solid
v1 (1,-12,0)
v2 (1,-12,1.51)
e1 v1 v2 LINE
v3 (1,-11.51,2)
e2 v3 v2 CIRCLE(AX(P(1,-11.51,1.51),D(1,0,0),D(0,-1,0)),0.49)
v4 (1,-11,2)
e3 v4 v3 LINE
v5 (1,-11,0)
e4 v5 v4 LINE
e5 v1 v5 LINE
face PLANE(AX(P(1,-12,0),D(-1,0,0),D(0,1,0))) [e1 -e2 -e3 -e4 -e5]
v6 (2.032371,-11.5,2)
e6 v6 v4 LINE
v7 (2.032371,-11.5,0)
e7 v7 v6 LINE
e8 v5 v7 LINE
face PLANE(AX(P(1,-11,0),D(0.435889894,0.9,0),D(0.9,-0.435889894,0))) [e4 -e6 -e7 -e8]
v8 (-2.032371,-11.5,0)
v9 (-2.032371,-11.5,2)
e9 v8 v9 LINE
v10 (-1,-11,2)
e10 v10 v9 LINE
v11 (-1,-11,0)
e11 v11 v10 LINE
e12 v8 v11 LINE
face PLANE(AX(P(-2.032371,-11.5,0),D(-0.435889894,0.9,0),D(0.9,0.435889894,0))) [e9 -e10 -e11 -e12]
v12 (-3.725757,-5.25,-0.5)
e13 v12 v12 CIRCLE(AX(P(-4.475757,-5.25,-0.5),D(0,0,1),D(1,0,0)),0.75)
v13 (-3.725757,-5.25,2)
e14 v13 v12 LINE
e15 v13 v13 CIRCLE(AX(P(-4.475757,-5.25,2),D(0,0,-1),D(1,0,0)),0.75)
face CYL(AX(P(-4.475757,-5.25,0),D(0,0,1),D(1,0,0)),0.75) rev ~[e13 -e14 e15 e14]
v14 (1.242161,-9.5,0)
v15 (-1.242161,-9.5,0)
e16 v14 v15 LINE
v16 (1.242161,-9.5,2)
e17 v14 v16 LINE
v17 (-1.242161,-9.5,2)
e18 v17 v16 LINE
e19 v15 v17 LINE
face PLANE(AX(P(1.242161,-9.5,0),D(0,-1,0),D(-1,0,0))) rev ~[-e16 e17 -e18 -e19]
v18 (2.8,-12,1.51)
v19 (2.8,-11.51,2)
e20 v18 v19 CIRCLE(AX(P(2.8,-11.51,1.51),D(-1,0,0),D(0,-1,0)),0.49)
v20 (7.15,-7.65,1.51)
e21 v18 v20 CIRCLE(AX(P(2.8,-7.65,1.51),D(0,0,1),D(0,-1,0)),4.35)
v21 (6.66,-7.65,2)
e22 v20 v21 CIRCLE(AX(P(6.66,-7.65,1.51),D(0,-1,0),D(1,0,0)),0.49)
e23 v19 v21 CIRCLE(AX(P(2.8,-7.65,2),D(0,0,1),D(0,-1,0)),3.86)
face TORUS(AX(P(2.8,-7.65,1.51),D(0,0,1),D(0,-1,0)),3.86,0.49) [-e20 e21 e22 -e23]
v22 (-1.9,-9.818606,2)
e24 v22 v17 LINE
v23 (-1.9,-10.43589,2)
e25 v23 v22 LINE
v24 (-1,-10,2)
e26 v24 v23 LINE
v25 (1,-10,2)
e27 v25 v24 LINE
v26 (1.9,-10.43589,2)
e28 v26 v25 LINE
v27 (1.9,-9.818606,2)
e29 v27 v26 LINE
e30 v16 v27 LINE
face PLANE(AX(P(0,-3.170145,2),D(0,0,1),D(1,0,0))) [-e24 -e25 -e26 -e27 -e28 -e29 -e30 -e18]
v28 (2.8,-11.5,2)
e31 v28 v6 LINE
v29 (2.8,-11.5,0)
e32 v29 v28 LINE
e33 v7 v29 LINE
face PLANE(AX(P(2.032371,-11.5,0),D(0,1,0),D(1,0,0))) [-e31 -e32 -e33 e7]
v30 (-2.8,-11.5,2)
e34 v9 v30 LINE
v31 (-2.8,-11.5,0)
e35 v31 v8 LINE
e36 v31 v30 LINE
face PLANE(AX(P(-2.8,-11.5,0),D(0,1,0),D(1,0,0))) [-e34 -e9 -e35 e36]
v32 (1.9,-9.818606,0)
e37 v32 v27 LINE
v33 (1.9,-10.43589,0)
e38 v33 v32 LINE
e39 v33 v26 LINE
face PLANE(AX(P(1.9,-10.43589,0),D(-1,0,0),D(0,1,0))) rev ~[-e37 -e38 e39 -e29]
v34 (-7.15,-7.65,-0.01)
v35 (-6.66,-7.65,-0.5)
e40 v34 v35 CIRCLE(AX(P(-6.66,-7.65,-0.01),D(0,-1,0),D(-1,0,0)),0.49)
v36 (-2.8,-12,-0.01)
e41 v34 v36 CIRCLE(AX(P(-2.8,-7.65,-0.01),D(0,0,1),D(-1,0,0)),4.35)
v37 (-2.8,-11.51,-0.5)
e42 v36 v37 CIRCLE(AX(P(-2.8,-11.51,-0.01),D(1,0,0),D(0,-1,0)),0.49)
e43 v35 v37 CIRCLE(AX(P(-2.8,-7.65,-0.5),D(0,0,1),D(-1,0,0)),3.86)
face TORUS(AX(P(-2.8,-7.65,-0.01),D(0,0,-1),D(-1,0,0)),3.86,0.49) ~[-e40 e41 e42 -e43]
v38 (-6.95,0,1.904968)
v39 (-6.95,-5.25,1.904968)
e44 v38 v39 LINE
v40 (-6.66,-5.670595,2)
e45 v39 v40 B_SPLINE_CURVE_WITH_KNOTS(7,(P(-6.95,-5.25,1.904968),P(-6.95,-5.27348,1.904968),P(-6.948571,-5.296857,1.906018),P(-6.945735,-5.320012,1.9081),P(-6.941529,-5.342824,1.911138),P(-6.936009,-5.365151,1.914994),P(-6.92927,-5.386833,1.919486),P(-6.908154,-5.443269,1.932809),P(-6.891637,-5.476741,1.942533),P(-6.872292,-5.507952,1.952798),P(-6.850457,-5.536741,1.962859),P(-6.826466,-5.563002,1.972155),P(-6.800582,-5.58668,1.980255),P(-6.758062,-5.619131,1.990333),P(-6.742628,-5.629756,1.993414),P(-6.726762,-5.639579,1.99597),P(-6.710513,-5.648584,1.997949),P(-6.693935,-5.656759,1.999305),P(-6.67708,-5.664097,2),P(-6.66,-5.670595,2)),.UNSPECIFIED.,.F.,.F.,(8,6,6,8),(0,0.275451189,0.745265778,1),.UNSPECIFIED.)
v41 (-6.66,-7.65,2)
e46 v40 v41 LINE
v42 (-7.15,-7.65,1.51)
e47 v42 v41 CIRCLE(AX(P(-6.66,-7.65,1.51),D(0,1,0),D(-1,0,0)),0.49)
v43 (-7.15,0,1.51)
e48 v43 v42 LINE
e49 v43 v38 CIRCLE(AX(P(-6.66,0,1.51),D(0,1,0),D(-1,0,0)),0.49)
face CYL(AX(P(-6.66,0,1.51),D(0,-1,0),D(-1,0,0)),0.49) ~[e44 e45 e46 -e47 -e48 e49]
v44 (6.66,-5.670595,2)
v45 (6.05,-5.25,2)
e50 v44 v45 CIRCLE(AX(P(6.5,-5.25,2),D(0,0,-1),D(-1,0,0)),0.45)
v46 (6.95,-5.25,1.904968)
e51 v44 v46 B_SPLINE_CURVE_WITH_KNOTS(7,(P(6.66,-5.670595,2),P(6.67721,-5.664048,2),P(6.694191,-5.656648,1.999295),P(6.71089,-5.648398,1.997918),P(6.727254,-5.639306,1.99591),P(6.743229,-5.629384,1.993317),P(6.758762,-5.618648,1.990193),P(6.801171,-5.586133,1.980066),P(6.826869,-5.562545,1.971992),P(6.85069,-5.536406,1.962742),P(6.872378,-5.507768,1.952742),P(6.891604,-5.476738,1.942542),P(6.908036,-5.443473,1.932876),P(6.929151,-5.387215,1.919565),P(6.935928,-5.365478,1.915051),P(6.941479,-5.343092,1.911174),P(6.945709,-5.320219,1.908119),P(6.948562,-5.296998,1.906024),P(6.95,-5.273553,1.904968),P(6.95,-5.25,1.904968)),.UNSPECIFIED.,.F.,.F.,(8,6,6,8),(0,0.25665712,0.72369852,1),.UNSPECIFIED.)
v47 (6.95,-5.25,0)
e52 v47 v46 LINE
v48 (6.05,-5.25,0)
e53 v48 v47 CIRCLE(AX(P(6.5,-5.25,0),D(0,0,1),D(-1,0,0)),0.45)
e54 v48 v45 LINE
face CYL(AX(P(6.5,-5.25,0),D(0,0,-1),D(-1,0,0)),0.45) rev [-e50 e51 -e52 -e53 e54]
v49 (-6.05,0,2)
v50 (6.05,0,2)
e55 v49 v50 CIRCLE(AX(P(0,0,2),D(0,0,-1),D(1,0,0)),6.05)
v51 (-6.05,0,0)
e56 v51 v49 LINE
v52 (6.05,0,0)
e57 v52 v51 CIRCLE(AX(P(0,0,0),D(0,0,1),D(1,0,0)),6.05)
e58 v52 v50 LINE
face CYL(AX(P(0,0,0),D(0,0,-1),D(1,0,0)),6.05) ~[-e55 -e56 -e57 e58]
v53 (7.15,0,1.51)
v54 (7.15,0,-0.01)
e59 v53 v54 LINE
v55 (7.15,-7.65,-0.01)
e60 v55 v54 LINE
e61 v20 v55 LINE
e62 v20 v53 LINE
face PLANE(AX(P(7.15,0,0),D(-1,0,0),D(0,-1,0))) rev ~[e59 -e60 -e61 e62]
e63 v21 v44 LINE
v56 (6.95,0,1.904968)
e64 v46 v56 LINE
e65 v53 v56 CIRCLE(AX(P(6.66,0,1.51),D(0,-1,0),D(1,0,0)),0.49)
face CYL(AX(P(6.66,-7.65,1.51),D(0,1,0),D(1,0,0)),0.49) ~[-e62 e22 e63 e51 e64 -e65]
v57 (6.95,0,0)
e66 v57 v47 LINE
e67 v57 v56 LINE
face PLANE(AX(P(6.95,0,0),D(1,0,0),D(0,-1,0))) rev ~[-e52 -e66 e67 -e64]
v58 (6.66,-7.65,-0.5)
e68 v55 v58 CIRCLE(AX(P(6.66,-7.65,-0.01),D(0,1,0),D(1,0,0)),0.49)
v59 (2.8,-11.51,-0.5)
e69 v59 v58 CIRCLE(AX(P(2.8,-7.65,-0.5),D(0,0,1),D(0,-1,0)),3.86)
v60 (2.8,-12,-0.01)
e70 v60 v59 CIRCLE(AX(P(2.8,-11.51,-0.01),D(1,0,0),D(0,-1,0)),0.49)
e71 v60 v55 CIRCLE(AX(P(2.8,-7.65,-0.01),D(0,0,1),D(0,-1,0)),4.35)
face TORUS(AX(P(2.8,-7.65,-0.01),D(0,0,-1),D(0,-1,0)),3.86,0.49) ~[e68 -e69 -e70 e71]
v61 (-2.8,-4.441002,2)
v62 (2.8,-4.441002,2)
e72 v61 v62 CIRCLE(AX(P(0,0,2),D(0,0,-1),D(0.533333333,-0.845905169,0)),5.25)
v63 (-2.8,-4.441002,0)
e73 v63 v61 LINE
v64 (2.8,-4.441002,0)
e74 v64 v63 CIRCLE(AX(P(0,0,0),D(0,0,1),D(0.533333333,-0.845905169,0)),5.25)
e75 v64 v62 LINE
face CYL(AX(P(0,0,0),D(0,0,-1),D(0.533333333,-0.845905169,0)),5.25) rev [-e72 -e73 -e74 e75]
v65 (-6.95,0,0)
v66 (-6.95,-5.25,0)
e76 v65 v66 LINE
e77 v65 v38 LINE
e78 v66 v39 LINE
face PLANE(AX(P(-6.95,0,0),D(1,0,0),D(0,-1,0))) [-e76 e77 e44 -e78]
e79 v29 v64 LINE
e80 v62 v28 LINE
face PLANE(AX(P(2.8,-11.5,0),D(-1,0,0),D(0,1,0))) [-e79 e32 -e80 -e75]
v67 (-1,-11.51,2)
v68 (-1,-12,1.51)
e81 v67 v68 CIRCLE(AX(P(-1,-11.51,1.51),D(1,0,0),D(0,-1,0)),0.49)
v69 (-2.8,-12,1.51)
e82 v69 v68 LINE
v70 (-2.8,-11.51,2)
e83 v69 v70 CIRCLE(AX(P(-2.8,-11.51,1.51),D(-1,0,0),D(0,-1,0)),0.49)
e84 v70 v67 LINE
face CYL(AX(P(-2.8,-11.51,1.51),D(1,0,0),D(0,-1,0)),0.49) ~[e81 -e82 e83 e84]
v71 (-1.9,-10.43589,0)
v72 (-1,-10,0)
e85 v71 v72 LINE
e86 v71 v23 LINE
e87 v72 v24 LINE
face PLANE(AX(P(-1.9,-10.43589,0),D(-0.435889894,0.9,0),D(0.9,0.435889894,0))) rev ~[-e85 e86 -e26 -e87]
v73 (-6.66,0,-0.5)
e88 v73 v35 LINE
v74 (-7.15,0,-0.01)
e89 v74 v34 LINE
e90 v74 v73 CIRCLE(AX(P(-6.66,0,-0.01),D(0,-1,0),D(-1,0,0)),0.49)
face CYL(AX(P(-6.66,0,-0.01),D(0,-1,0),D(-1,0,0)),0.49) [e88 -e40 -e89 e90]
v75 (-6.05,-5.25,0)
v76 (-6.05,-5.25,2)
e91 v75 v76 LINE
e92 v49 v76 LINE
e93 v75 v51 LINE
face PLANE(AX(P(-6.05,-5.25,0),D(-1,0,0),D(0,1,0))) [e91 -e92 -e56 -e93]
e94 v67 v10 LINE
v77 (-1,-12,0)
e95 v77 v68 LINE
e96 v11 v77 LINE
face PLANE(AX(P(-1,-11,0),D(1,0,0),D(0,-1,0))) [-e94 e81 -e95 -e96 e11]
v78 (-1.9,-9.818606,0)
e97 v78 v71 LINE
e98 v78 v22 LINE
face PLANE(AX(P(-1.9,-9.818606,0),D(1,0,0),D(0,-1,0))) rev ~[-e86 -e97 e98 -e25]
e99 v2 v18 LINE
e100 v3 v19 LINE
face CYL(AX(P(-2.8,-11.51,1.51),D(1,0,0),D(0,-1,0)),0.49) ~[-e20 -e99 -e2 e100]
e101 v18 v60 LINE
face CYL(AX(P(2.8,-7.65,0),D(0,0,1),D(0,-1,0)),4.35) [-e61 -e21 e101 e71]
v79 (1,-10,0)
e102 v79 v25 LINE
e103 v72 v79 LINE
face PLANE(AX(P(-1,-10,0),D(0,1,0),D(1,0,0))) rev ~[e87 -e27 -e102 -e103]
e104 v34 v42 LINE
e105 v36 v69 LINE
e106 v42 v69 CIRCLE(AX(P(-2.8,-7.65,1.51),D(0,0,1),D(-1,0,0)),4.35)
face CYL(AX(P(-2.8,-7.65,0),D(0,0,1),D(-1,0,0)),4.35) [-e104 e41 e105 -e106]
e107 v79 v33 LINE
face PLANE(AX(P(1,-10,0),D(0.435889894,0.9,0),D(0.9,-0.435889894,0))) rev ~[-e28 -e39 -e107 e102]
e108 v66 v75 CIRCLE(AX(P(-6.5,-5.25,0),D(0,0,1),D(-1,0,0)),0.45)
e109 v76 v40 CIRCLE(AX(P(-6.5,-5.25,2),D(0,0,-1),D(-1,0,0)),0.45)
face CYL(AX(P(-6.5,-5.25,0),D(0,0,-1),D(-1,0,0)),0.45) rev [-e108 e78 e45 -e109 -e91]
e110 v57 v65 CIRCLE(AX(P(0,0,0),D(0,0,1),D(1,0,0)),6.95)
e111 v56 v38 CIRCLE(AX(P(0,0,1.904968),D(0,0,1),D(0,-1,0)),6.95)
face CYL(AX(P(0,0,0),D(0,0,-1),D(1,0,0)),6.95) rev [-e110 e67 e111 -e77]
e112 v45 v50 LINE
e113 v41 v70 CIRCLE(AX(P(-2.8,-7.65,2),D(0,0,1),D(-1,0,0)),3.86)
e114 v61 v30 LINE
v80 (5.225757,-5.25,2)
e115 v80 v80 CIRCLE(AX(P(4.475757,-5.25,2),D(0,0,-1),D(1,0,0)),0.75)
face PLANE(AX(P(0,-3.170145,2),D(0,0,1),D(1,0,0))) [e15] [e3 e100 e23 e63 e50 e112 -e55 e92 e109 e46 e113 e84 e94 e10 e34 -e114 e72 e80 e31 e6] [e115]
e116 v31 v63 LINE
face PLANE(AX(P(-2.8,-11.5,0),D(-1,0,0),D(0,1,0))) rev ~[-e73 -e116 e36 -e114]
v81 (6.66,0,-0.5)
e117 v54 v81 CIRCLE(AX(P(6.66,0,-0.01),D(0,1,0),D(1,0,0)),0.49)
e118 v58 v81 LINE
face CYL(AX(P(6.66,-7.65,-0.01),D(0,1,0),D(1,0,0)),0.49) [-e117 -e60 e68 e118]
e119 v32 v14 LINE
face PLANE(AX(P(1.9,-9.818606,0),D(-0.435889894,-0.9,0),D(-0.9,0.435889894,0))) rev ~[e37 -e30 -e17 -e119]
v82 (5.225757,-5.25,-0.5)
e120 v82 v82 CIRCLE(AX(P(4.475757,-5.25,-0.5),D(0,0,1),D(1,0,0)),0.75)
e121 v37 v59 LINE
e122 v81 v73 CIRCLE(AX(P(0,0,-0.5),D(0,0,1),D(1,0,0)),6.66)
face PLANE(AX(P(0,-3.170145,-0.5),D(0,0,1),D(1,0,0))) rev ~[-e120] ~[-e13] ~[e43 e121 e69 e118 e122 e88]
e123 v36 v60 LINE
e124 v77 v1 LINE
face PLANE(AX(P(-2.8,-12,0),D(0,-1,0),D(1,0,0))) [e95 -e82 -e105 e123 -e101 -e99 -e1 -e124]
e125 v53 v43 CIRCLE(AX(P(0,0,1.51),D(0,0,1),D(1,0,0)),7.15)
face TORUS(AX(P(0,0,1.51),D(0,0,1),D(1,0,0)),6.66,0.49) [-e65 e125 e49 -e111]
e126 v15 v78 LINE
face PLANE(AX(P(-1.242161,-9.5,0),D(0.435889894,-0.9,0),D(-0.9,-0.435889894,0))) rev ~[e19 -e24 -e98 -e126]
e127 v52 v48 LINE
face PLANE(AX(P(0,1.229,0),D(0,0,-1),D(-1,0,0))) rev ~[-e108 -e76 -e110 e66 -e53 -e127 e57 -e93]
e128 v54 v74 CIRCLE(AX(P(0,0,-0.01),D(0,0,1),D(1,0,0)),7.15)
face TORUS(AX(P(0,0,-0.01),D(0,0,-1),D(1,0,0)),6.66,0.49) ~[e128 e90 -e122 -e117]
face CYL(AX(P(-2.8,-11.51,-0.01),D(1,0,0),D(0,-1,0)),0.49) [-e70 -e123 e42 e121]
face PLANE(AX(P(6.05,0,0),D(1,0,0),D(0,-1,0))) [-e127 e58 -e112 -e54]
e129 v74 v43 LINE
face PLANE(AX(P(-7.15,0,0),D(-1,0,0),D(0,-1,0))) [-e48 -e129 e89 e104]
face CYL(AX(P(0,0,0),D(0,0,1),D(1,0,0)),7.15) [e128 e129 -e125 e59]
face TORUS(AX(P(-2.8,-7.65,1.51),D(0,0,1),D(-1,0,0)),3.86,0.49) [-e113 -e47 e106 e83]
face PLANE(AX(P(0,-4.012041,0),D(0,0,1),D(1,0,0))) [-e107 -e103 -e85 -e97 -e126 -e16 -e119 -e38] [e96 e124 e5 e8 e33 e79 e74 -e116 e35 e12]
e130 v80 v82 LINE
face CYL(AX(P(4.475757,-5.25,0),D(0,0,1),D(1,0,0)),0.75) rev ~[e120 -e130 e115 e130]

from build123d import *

# Parameters (mm, degrees)
PAD020_DEPTH         = 2
PAD020_DEPTH_BACK    = 0.5
FILLET003_R          = 0.49
POCKET007_DEPTH      = 2.001
SKETCH044_R          = 0.75
POCKET008_DEPTH      = 2.0010001
POCKET008_DEPTH_BACK = 0.501


with BuildPart() as part:
    # Sketch040 → Pad020 (new body, two sides)
    with BuildSketch(Plane.XY) as pad020_sk:
        with BuildLine():
            ThreePointArc((7.15, 0), (0, 7.15), (-7.15, 0))
            Line((-7.15, 0), (-7.15, -7.65))
            ThreePointArc((-7.15, -7.65), (-5.8759144982, -10.7259144982), (-2.8, -12))
            Line((-2.8, -12), (2.8, -12))
            ThreePointArc((2.8, -12), (5.8759144982, -10.7259144982), (7.15, -7.65))
            Line((7.15, 0), (7.15, -7.65))
        make_face()
    extrude(amount=PAD020_DEPTH)
    extrude(pad020_sk.sketch, amount=-PAD020_DEPTH_BACK)

    # Fillet003
    fillet003_edges = [part.edges().sort_by_distance(p)[0] for p in [
        (0, 7.15, -0.5),
        (-7.15, -3.825, -0.5),
        (-5.875914, -10.725914, -0.5),
        (0, -12, -0.5),
        (5.875914, -10.725914, -0.5),
        (7.15, -3.825, -0.5),
        (0, 7.15, 2),
        (-7.15, -3.825, 2),
        (-5.875914, -10.725914, 2),
        (0, -12, 2),
        (5.875914, -10.725914, 2),
        (7.15, -3.825, 2),
    ]]
    fillet(fillet003_edges, radius=FILLET003_R)

    # Sketch043 → Pocket007 (cut, through all)
    with BuildSketch(Plane.XY):
        with BuildLine():
            Line((1, -12), (1, -11))
            Line((1, -11), (2.0323708024, -11.5))
            Line((2.0323708024, -11.5), (2.8, -11.5))
            Line((2.8, -11.5), (2.8, -4.4410021392))
            ThreePointArc((2.8, -4.4410021392), (0, 5.25), (-2.8, -4.4410021392))
            Line((-2.8, -11.5), (-2.8, -4.4410021392))
            Line((-2.8, -11.5), (-2.0323708024, -11.5))
            Line((-2.0323708024, -11.5), (-1, -11))
            Line((-1, -11), (-1, -12))
            Line((-1, -12), (1, -12))
        make_face()
        Polygon((1.2421610524, -9.5), (-1.2421610524, -9.5), (-1.9, -9.8186059437), (-1.9, -10.4358898944), (-1, -10), (1, -10), (1.9, -10.4358898944), (1.9, -9.8186059437), align=None, mode=Mode.SUBTRACT)
        with BuildLine():
            ThreePointArc((6.05, 0), (0, 6.05), (-6.05, 0))
            Line((-6.05, -5.25), (-6.05, 0))
            ThreePointArc((-6.95, -5.25), (-6.5, -5.7), (-6.05, -5.25))
            Line((-6.95, 0), (-6.95, -5.25))
            ThreePointArc((6.95, 0), (0, 6.95), (-6.95, 0))
            Line((6.95, 0), (6.95, -5.25))
            ThreePointArc((6.05, -5.25), (6.5, -5.7), (6.95, -5.25))
            Line((6.05, 0), (6.05, -5.25))
        make_face()
    extrude(amount=POCKET007_DEPTH, mode=Mode.SUBTRACT)

    # Sketch044 → Pocket008 (cut, two sides)
    with BuildSketch(Plane.XY) as pocket008_sk:
        with Locations((4.475757, -5.25)):
            Circle(SKETCH044_R)
        with Locations((-4.475757, -5.25)):
            Circle(SKETCH044_R)
    extrude(amount=POCKET008_DEPTH, mode=Mode.SUBTRACT)
    extrude(pocket008_sk.sketch, amount=-POCKET008_DEPTH_BACK, mode=Mode.SUBTRACT)


solid = part.part
